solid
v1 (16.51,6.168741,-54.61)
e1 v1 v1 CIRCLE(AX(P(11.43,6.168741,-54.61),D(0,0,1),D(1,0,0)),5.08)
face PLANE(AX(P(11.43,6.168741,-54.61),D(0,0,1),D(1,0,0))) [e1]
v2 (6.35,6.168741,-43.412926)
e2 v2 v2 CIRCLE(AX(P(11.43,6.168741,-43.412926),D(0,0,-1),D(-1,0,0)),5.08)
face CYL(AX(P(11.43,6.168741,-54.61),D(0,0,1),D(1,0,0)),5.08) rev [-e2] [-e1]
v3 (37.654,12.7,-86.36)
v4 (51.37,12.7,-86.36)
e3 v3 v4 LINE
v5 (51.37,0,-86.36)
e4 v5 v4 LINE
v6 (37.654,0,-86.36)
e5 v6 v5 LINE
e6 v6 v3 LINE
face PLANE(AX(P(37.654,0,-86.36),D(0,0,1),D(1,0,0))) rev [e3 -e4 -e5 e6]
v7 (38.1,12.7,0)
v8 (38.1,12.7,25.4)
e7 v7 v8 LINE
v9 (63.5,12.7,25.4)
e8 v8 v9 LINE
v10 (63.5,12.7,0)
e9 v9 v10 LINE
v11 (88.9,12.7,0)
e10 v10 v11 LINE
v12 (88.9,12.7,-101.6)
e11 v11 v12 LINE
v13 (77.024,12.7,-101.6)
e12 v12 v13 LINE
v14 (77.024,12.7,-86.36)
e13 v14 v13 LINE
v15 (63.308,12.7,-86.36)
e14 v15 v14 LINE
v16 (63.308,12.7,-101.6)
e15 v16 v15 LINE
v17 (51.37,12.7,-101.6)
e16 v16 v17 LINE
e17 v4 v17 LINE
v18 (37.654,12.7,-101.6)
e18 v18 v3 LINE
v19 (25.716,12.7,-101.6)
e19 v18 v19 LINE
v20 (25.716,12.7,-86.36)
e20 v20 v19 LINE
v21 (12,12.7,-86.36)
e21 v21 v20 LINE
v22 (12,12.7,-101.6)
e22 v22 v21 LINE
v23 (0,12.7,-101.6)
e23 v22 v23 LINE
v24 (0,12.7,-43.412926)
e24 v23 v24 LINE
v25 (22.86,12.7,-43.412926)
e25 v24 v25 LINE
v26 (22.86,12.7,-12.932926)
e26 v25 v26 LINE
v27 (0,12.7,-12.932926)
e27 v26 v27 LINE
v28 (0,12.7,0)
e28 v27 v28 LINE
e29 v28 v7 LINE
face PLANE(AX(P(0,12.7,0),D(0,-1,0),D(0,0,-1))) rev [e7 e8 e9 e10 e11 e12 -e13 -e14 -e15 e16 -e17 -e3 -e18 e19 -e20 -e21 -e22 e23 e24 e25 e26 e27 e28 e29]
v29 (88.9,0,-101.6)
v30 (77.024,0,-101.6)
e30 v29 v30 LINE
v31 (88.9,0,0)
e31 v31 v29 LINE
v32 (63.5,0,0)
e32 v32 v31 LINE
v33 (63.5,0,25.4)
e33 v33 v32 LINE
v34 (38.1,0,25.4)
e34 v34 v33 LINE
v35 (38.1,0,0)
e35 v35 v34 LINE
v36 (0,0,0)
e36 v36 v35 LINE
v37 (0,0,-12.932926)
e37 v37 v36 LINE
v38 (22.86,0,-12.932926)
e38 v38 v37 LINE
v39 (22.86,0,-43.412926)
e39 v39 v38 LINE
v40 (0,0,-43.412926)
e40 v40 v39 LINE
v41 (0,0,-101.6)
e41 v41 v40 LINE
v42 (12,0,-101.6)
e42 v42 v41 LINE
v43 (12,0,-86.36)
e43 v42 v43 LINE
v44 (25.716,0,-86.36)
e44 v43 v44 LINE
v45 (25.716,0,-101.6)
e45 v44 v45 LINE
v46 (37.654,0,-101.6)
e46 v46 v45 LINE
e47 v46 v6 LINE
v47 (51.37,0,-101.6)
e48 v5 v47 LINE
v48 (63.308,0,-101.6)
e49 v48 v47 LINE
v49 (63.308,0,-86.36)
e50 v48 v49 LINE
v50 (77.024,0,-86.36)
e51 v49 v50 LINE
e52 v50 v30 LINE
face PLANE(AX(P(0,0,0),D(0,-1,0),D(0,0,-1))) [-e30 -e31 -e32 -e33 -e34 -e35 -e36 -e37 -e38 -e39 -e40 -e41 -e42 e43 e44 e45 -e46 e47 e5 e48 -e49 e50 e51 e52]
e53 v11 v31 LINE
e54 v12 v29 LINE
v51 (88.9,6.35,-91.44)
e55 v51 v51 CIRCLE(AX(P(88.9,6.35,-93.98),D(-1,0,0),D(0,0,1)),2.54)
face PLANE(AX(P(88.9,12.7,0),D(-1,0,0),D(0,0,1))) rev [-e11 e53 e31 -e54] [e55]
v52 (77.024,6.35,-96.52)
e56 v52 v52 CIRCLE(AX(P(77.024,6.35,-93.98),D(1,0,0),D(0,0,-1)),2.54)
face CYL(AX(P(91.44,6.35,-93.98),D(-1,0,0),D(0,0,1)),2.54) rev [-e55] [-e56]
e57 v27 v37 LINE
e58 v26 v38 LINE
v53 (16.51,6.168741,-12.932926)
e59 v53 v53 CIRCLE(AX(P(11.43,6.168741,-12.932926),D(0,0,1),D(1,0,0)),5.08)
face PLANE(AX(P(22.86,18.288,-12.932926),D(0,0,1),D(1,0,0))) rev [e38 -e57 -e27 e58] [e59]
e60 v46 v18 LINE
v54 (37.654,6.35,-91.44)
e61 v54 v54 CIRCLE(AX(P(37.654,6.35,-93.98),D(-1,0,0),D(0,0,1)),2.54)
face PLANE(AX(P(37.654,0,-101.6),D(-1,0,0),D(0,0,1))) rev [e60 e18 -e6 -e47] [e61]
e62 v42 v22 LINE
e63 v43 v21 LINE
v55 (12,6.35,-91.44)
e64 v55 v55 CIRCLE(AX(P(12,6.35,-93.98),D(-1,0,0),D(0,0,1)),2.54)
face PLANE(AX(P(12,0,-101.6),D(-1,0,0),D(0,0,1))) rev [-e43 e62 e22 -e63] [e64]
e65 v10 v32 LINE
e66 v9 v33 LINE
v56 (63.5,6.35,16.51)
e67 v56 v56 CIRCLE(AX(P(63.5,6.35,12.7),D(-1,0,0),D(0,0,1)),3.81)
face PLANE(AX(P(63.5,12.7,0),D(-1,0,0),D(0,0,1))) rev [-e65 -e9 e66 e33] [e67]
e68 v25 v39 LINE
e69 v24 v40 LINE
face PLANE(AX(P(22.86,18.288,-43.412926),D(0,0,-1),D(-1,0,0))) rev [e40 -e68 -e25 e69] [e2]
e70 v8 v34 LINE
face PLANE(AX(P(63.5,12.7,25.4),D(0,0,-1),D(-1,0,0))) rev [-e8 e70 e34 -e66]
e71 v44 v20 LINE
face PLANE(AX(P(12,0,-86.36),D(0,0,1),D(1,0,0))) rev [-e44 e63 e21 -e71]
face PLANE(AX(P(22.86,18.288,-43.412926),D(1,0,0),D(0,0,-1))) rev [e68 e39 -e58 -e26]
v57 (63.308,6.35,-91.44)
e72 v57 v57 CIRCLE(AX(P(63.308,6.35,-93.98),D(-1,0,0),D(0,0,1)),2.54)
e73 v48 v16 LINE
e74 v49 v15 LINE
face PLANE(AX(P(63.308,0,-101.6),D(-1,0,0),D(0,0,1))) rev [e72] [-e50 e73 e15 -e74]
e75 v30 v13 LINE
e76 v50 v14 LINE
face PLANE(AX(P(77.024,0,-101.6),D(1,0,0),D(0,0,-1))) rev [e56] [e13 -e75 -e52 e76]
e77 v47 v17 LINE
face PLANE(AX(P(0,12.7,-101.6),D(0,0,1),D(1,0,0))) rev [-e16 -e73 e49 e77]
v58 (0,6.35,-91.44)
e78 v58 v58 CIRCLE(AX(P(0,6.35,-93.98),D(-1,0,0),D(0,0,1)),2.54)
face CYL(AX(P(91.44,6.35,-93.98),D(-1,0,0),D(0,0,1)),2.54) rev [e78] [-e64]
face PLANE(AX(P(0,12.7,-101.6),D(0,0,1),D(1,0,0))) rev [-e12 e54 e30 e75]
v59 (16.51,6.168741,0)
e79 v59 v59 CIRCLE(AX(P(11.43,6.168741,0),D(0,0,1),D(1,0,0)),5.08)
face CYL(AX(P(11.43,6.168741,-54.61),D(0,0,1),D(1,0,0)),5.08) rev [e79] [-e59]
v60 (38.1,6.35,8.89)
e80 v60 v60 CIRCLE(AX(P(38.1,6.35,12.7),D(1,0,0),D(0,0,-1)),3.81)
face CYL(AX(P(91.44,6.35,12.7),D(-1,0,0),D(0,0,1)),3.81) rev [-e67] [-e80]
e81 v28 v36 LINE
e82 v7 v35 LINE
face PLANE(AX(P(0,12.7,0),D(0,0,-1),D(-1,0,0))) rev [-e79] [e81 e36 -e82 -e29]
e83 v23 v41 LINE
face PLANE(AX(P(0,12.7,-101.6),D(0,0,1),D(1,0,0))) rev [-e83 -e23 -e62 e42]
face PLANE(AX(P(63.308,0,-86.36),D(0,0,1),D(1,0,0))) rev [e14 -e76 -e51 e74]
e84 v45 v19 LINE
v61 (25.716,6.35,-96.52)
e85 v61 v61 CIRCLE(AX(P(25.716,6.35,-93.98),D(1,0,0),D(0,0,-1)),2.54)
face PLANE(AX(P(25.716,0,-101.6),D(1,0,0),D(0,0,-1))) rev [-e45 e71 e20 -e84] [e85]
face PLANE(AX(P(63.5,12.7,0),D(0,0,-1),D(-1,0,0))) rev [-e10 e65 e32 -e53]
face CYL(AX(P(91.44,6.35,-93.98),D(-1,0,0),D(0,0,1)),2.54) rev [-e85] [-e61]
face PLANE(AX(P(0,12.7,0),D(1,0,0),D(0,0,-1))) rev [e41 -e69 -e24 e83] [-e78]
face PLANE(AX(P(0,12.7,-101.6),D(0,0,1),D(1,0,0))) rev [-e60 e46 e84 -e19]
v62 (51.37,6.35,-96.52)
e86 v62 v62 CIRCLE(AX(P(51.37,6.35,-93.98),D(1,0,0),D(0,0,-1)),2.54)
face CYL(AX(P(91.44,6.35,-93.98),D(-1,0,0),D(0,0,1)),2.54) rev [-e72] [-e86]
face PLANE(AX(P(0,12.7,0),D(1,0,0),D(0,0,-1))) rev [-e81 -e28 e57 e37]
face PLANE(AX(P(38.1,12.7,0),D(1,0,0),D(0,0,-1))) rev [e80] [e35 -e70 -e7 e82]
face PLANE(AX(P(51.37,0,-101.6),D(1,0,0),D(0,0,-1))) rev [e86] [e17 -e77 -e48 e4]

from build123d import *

# Parameters (mm, degrees)
BOSS_EXTRUDE1_DEPTH = 12.7
SKETCH3_W           = 13.716
SKETCH3_H           = 15.24
CUT_EXTRUDE1_DEPTH  = 12.7
SKETCH4_R           = 2.54
SKETCH4_R_2         = 3.81
CUT_EXTRUDE2_DEPTH  = 91.44
SKETCH7_W           = 22.86
SKETCH7_H           = 30.48
CUT_EXTRUDE10_DEPTH = 18.288
SKETCH8_R           = 5.08
CUT_EXTRUDE12_DEPTH = 54.61


with BuildPart() as part:
    # Sketch1 → Boss-Extrude1 (new body)
    with BuildSketch(Plane(origin=(0, 0, 0), x_dir=(1, 0, 0), z_dir=(0, 1, 0))):
        Polygon((63.5, 0), (88.9, 0), (88.9, 101.6), (0, 101.6), (0, 0), (38.1, 0), (38.1, -25.4), (63.5, -25.4), align=None)
    extrude(amount=BOSS_EXTRUDE1_DEPTH)

    # Sketch3 → Cut-Extrude1 (cut)
    with BuildSketch(Plane(origin=(0, 12.7, 0), x_dir=(1, 0, 0), z_dir=(0, 1, 0))):
        with Locations((18.858, 93.98)):
            Rectangle(SKETCH3_W, SKETCH3_H)
        with Locations((44.512, 93.98)):
            Rectangle(SKETCH3_W, SKETCH3_H)
        with Locations((70.166, 93.98)):
            Rectangle(SKETCH3_W, SKETCH3_H)
    extrude(amount=-CUT_EXTRUDE1_DEPTH, mode=Mode.SUBTRACT)

    # Sketch4 → Cut-Extrude2 (cut)
    with BuildSketch(Plane.ZY):
        with Locations((-93.98, 6.35)):
            Circle(SKETCH4_R)
        with Locations((12.7, 6.35)):
            Circle(SKETCH4_R_2)
    extrude(amount=-CUT_EXTRUDE2_DEPTH, mode=Mode.SUBTRACT)

    # Sketch7 → Cut-Extrude10 (cut)
    with BuildSketch(Plane.XZ):
        with Locations((11.43, -28.172925588)):
            Rectangle(SKETCH7_W, SKETCH7_H)
    extrude(amount=-CUT_EXTRUDE10_DEPTH, mode=Mode.SUBTRACT)

    # Sketch8 → Cut-Extrude12 (cut)
    with BuildSketch(Plane.XY):
        with Locations((11.43, 6.168740828)):
            Circle(SKETCH8_R)
    extrude(amount=-CUT_EXTRUDE12_DEPTH, mode=Mode.SUBTRACT)


solid = part.part
